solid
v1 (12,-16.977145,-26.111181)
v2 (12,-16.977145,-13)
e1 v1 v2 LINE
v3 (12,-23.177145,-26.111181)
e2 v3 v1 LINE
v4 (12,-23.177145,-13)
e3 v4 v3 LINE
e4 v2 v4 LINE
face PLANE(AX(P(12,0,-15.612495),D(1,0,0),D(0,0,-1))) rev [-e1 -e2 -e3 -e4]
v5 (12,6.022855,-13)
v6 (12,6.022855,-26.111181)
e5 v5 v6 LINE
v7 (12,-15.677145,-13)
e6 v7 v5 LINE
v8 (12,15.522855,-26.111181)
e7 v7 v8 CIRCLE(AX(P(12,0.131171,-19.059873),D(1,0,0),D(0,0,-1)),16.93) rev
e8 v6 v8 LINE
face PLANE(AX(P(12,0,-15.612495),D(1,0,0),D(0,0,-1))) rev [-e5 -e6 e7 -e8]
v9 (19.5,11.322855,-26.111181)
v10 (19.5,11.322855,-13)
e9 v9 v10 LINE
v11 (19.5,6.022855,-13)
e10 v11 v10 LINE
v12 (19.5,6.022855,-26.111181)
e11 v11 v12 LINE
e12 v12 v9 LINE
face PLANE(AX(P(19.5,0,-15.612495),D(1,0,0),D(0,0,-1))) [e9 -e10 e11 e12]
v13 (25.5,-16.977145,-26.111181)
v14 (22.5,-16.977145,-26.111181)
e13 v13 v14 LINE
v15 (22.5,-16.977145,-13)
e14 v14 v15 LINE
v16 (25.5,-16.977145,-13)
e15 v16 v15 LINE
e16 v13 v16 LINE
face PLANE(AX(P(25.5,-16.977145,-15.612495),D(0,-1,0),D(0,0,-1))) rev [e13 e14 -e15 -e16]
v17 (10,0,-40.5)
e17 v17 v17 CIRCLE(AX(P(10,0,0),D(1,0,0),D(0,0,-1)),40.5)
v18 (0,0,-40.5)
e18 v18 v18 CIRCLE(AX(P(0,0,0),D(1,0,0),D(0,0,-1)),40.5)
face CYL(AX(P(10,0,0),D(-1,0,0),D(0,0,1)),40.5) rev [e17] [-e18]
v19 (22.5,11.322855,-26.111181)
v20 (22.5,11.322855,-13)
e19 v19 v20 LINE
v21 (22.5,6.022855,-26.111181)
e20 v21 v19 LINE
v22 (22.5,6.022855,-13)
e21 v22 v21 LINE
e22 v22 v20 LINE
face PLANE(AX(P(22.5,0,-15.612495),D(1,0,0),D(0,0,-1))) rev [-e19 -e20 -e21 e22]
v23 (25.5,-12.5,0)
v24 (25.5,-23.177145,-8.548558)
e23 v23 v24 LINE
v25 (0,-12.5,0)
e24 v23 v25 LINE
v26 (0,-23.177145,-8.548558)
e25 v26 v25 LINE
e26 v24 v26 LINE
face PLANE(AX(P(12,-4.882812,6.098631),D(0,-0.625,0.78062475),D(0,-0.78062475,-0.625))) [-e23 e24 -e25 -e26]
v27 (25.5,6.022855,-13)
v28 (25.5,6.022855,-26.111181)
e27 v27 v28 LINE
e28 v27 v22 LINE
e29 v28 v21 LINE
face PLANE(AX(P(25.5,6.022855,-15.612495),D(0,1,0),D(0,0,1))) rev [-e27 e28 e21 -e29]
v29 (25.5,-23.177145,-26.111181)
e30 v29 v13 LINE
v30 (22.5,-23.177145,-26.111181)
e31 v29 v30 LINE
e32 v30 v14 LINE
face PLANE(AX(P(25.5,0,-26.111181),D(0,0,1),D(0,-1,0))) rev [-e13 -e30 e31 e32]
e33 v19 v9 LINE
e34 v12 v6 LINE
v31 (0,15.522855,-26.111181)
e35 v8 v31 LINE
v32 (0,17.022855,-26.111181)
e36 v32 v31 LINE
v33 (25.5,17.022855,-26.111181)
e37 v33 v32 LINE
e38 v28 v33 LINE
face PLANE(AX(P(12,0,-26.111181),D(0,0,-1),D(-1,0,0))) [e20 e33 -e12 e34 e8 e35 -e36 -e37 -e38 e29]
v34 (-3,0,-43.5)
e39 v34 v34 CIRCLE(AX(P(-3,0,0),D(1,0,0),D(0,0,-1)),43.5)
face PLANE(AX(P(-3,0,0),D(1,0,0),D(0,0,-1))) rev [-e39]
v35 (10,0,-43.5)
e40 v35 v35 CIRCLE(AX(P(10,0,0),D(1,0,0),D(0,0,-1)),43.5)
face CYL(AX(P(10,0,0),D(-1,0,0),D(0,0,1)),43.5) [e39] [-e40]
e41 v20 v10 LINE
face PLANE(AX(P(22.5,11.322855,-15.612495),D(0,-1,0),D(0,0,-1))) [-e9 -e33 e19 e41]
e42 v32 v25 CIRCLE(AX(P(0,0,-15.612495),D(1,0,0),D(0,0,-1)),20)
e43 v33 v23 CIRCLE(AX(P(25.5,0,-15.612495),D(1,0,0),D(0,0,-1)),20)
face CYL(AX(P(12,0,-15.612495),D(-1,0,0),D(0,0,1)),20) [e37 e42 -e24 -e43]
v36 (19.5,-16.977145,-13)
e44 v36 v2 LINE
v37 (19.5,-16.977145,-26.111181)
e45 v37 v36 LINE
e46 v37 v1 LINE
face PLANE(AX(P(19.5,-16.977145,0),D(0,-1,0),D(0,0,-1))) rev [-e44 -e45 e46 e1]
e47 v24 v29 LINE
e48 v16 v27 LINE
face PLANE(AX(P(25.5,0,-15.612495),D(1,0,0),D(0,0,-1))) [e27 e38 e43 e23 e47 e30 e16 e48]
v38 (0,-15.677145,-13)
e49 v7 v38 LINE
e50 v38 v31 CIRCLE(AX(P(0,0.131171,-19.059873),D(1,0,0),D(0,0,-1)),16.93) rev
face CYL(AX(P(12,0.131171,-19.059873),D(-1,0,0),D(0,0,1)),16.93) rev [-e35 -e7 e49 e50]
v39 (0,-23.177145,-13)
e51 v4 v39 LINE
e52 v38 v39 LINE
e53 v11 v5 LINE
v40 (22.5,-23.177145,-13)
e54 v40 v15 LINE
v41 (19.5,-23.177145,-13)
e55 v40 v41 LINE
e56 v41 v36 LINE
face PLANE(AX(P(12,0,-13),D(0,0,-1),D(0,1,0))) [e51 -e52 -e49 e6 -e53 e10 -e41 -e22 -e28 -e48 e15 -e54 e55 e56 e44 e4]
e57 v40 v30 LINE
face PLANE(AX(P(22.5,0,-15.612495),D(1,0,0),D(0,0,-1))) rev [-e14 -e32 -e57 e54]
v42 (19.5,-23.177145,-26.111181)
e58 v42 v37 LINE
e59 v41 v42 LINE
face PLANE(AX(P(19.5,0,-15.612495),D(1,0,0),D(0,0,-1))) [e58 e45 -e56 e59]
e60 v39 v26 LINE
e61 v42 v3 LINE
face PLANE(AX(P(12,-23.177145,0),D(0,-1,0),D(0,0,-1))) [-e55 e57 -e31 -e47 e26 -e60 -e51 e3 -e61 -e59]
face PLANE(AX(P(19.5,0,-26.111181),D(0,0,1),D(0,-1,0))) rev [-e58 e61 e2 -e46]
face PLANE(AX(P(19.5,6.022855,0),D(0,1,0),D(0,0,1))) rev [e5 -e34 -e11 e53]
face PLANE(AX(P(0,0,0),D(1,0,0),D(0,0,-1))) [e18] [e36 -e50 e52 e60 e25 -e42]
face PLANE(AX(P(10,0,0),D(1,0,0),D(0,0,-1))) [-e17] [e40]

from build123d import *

# Parameters (mm, degrees)
ESQUISSE2_R        = 43.50000000000001
ESQUISSE2_R_2      = 40.5
BOSS_EXTRU_1_DEPTH = 10
BOSS_EXTRU_2_START = -3
ESQUISSE2_2_R      = 43.50000000000001
BOSS_EXTRU_2_DEPTH = 3
BOSS_EXTRU_3_DEPTH = 12
BOSS_EXTRU_4_START = 12
BOSS_EXTRU_4_DEPTH = 7.5
BOSS_EXTRU_5_START = 19.5
BOSS_EXTRU_5_DEPTH = 3
BOSS_EXTRU_6_START = 22.5
BOSS_EXTRU_6_DEPTH = 3


with BuildPart() as part:
    # Esquisse2 → Boss.-Extru.1 (new body)
    with BuildSketch(Plane(origin=(0, 0, 0), x_dir=(0, 0, -1), z_dir=(1, 0, 0))):
        Circle(ESQUISSE2_R)
        Circle(ESQUISSE2_R_2, mode=Mode.SUBTRACT)
    extrude(amount=BOSS_EXTRU_1_DEPTH)

    # Esquisse2<2> → Boss.-Extru.2 (add)
    with BuildSketch(Plane(origin=(0, 0, 0), x_dir=(0, 0, -1), z_dir=(1, 0, 0)).offset(BOSS_EXTRU_2_START)):
        Circle(ESQUISSE2_2_R)
    extrude(amount=BOSS_EXTRU_2_DEPTH)

    # Esquisse3 → Boss.-Extru.3 (add)
    with BuildSketch(Plane(origin=(0, 0, 0), x_dir=(0, 0, -1), z_dir=(1, 0, 0))):
        with BuildLine():
            Line((26.11118120318316, 15.522854869939358), (26.11118120318316, 17.022854869939355))
            ThreePointArc((26.111181203183165, 17.02285486993936), (12.199019622456863, 19.70655185145899), (3.55e-15, 12.500000000000004))
            ThreePointArc((3.55e-15, 12.500000000000002), (-4.387505004004, 4.4e-16), (5.33e-15, -12.5))
            Line((3.55e-15, -12.5), (8.54855768792795, -23.17714513006065))
            Line((8.54855768792795, -23.17714513006065), (13.000000000000005, -23.17714513006065))
            Line((13.000000000000005, -23.177145130060648), (13.000000000000004, -16.97714513006065))
            Line((13.000000000000004, -16.97714513006065), (13.000000000000004, -15.677145130060648))
            ThreePointArc((13.000000000000004, -15.677145130060646), (3.4519983220891106, 6.690070139129679), (26.111181203183158, 15.522854869939358))
        make_face()
    extrude(amount=BOSS_EXTRU_3_DEPTH)

    # Esquisse3<3> → Boss.-Extru.4 (add)
    with BuildSketch(Plane(origin=(0, 0, 0), x_dir=(0, 0, -1), z_dir=(1, 0, 0)).offset(BOSS_EXTRU_4_START)):
        with BuildLine():
            Line((26.11118120318316, 17.022854869939355), (26.11118120318316, 6.022854869939354))
            Line((26.11118120318316, 6.022854869939354), (13, 6.022854869939352))
            Line((13, 6.022854869939352), (13.000000000000004, -16.97714513006065))
            Line((13.000000000000004, -16.97714513006065), (26.111181203183165, -16.97714513006065))
            Line((26.111181203183165, -16.97714513006065), (26.11118120318317, -23.177145130060648))
            Line((26.11118120318317, -23.177145130060648), (8.54855768792795, -23.17714513006065))
            Line((8.54855768792795, -23.17714513006065), (3.37e-15, -12.5))
            ThreePointArc((3.37e-15, -12.5), (-4.387505004004002, -2.45e-15), (3.37e-15, 12.5))
            ThreePointArc((3.37e-15, 12.5), (12.199019622456856, 19.70655185145899), (26.11118120318316, 17.022854869939355))
        make_face()
    extrude(amount=BOSS_EXTRU_4_DEPTH)

    # Esquisse3<4> → Boss.-Extru.5 (add)
    with BuildSketch(Plane(origin=(0, 0, 0), x_dir=(0, 0, -1), z_dir=(1, 0, 0)).offset(BOSS_EXTRU_5_START)):
        with BuildLine():
            Line((26.11118120318316, 11.322854869939354), (26.11118120318316, 15.522854869939358))
            ThreePointArc((26.111181203183158, 15.522854869939358), (3.4519983220891106, 6.690070139129679), (13.000000000000004, -15.677145130060646))
            Line((13.000000000000004, -15.677145130060648), (13, 6.022854869939352))
            Line((13, 6.022854869939352), (13, 11.322854869939354))
            Line((13, 11.322854869939354), (26.11118120318316, 11.322854869939354))
        make_face()
        with BuildLine():
            Line((26.11118120318316, 15.522854869939358), (26.11118120318316, 17.022854869939355))
            ThreePointArc((26.111181203183165, 17.02285486993936), (12.199019622456863, 19.70655185145899), (3.55e-15, 12.500000000000004))
            ThreePointArc((3.55e-15, 12.500000000000002), (-4.387505004004, 4.4e-16), (5.33e-15, -12.5))
            Line((3.55e-15, -12.5), (8.54855768792795, -23.17714513006065))
            Line((8.54855768792795, -23.17714513006065), (13.000000000000005, -23.17714513006065))
            Line((13.000000000000005, -23.177145130060648), (13.000000000000004, -16.97714513006065))
            Line((13.000000000000004, -16.97714513006065), (13.000000000000004, -15.677145130060648))
            ThreePointArc((13.000000000000004, -15.677145130060646), (3.4519983220891106, 6.690070139129679), (26.111181203183158, 15.522854869939358))
        make_face()
    extrude(amount=BOSS_EXTRU_5_DEPTH)

    # Esquisse3<5> → Boss.-Extru.6 (add)
    with BuildSketch(Plane(origin=(0, 0, 0), x_dir=(0, 0, -1), z_dir=(1, 0, 0)).offset(BOSS_EXTRU_6_START)):
        Polygon((26.111181203183165, -16.97714513006065), (13.000000000000004, -16.97714513006065), (13.000000000000005, -23.177145130060648), (26.11118120318317, -23.177145130060648), align=None)
        with BuildLine():
            Line((26.11118120318316, 15.522854869939358), (26.11118120318316, 17.022854869939355))
            ThreePointArc((26.111181203183165, 17.02285486993936), (12.199019622456863, 19.70655185145899), (3.55e-15, 12.500000000000004))
            ThreePointArc((3.55e-15, 12.500000000000002), (-4.387505004004, 4.4e-16), (5.33e-15, -12.5))
            Line((3.55e-15, -12.5), (8.54855768792795, -23.17714513006065))
            Line((8.54855768792795, -23.17714513006065), (13.000000000000005, -23.17714513006065))
            Line((13.000000000000005, -23.177145130060648), (13.000000000000004, -16.97714513006065))
            Line((13.000000000000004, -16.97714513006065), (13.000000000000004, -15.677145130060648))
            ThreePointArc((13.000000000000004, -15.677145130060646), (3.4519983220891106, 6.690070139129679), (26.111181203183158, 15.522854869939358))
        make_face()
        with BuildLine():
            Line((26.11118120318316, 11.322854869939354), (26.11118120318316, 15.522854869939358))
            ThreePointArc((26.111181203183158, 15.522854869939358), (3.4519983220891106, 6.690070139129679), (13.000000000000004, -15.677145130060646))
            Line((13.000000000000004, -15.677145130060648), (13, 6.022854869939352))
            Line((13, 6.022854869939352), (13, 11.322854869939354))
            Line((13, 11.322854869939354), (26.11118120318316, 11.322854869939354))
        make_face()
        Polygon((26.11118120318316, 6.022854869939355), (26.11118120318316, 11.322854869939354), (13, 11.322854869939354), (13, 6.022854869939352), align=None)
    extrude(amount=BOSS_EXTRU_6_DEPTH)


solid = part.part
